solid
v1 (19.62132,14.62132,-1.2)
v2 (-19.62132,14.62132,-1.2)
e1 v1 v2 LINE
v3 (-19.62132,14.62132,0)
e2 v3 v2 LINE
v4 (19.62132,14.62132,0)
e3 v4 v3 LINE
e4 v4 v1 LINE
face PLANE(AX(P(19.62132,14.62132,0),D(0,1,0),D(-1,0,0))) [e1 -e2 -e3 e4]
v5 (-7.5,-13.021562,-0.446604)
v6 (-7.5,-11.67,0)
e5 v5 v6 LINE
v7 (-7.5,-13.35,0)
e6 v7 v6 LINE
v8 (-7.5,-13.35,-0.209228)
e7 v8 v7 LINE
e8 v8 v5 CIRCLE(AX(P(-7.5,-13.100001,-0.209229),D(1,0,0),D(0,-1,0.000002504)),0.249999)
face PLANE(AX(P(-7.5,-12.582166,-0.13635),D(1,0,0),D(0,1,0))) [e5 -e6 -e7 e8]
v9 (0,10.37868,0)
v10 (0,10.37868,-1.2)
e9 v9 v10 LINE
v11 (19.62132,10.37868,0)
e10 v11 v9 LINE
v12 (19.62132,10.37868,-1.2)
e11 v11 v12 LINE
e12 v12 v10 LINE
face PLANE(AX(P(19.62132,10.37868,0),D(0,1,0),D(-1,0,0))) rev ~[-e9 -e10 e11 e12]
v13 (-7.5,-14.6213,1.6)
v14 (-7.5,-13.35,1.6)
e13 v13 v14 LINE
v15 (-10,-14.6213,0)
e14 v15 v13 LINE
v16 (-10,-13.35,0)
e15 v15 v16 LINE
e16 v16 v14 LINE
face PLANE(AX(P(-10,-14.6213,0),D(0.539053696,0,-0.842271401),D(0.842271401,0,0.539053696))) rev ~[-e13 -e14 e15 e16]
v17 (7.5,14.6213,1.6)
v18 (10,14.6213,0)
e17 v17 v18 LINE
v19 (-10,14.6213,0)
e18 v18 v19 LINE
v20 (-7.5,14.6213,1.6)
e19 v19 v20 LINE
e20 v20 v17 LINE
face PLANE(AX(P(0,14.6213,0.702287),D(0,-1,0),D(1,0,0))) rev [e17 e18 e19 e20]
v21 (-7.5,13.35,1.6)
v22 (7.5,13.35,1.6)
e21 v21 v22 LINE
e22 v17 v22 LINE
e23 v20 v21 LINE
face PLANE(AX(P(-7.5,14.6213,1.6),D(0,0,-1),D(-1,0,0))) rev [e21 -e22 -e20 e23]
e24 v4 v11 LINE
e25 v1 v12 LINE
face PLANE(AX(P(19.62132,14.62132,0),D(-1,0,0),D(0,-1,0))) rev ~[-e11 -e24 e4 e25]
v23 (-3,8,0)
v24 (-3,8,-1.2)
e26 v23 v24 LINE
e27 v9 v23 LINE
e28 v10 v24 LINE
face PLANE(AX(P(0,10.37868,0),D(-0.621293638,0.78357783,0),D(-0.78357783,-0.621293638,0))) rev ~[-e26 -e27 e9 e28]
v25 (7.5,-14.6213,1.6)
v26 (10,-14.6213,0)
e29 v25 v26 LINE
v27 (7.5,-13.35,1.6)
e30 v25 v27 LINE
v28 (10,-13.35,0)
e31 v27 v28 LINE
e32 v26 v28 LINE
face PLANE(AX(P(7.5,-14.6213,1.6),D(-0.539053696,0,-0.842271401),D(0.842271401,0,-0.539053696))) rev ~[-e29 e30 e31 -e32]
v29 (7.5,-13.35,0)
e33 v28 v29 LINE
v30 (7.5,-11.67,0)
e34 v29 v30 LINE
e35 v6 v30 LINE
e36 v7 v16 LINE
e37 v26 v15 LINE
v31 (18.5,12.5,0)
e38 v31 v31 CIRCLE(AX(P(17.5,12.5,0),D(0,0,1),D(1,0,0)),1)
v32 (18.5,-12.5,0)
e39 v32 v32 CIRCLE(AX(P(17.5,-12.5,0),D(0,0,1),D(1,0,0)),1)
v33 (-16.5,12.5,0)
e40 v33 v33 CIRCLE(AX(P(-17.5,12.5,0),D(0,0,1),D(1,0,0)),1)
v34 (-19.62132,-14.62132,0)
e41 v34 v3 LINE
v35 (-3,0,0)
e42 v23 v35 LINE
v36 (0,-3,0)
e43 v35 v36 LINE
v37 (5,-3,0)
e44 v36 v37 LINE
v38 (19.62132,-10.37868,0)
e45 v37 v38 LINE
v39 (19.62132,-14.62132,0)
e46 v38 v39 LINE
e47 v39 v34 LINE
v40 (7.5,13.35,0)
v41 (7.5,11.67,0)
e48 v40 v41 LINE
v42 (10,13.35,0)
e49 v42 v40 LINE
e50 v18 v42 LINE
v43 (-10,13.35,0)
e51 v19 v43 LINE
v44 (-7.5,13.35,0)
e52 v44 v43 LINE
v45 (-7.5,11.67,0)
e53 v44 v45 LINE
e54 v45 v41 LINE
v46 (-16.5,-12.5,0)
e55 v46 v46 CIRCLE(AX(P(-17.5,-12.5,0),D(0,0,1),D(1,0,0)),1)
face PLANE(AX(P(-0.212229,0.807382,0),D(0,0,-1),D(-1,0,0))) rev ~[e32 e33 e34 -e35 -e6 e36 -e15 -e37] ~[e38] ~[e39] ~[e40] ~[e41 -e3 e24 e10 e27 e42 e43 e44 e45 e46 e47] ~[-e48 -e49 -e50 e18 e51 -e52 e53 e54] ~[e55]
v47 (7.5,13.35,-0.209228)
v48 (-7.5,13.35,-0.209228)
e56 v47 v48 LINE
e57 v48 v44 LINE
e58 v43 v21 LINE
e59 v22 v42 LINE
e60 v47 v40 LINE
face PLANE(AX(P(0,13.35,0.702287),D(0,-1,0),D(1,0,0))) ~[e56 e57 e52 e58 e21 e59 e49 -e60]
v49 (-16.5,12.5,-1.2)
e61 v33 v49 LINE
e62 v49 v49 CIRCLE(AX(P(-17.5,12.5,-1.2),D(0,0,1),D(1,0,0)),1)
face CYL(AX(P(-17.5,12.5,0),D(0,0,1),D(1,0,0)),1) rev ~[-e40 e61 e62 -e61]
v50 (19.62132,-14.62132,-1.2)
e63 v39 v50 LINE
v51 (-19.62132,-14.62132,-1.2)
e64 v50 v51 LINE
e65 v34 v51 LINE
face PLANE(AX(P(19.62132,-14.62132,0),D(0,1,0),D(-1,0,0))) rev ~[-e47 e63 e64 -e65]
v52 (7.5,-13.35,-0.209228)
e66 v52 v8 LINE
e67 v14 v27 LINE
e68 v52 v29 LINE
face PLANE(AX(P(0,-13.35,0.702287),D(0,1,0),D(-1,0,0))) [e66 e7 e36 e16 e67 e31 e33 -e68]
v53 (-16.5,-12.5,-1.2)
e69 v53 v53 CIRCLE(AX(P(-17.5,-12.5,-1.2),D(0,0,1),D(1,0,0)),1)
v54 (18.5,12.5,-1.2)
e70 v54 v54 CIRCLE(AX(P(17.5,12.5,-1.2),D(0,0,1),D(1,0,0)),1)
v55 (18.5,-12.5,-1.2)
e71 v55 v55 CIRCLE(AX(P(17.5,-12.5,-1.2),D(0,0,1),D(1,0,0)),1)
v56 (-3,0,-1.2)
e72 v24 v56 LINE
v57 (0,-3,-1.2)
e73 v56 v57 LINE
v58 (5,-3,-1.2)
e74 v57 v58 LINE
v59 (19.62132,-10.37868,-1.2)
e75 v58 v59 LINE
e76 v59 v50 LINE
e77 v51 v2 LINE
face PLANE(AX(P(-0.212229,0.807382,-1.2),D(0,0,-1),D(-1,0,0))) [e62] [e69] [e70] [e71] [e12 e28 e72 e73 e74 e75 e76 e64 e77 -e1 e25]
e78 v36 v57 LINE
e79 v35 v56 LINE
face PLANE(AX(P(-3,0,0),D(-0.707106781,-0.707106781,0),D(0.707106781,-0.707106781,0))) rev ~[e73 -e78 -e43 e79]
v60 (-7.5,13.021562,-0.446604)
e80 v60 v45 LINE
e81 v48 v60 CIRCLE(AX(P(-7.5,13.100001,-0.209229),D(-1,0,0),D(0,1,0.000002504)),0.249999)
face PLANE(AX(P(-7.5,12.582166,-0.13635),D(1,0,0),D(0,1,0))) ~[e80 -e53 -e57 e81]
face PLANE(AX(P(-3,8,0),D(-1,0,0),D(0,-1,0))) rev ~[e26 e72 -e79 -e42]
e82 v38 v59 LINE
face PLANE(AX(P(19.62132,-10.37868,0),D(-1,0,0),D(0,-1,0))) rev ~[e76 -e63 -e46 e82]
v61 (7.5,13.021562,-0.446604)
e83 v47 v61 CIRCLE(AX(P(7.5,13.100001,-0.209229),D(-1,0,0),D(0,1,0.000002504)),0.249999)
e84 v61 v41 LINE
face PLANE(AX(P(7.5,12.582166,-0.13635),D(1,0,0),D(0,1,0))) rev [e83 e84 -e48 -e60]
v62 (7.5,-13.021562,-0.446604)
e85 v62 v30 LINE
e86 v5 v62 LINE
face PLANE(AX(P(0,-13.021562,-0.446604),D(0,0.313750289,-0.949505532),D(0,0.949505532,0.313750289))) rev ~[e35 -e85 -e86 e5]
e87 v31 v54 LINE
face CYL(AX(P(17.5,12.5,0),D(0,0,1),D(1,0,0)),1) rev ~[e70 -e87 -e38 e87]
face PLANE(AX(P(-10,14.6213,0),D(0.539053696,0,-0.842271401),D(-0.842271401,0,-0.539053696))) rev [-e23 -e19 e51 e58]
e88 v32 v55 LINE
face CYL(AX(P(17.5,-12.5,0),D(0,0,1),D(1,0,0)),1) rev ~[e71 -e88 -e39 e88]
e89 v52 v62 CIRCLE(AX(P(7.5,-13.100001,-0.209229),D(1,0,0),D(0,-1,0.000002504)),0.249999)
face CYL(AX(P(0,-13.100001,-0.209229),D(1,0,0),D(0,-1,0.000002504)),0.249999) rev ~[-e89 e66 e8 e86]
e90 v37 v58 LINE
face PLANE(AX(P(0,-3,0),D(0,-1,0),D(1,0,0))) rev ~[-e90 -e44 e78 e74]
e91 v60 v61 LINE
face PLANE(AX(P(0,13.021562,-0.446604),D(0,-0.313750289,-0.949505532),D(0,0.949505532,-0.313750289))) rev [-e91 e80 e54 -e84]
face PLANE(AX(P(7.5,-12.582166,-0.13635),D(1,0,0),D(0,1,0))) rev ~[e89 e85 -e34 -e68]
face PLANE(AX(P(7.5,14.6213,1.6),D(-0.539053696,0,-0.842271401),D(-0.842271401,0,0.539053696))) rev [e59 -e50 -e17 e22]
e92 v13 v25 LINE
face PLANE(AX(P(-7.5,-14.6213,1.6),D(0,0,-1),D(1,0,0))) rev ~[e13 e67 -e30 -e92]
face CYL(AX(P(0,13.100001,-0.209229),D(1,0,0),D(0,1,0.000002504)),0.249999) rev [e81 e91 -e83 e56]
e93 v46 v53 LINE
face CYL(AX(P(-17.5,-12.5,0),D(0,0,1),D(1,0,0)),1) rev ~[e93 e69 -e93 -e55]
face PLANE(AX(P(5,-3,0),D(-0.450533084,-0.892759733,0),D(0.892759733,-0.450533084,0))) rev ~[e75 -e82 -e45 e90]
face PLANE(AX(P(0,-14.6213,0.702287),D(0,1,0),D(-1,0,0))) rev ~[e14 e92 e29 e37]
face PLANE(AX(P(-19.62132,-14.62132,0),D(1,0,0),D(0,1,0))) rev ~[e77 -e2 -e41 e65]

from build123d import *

# Parameters (mm, degrees)
SKETCH003_R     = 1
PAD_DEPTH       = 1.2
PAD014_DEPTH    = 1.2713
POCKET004_DEPTH = 7.5


with BuildPart() as part:
    # Sketch003 → Pad (new body)
    with BuildSketch(Plane.XY):
        Polygon((-19.62132, 14.62132), (-15.37868, 14.62132), (19.62132, 14.62132), (19.62132, 10.37868), (0, 10.37868), (-3, 8), (-3, 0), (0, -3), (5, -3), (19.62132, -10.37868), (19.62132, -14.62132), (-19.62132, -14.62132), align=None)
        with Locations((-17.5, 12.5)):
            Circle(SKETCH003_R, mode=Mode.SUBTRACT)
        with Locations((-17.5, -12.5)):
            Circle(SKETCH003_R, mode=Mode.SUBTRACT)
        with Locations((17.5, -12.5)):
            Circle(SKETCH003_R, mode=Mode.SUBTRACT)
        with Locations((17.5, 12.5)):
            Circle(SKETCH003_R, mode=Mode.SUBTRACT)
    extrude(amount=-PAD_DEPTH)

    # Sketch019 (on DatumPlane) → Pad014 (join)
    with BuildSketch(Plane.XZ.offset(14.6213)):
        Polygon((-10, 0), (-7.5, 1.6), (7.5, 1.6), (10, 0), align=None)
    pad014 = extrude(amount=-PAD014_DEPTH)

    # Sketch → Pocket004 (cut, symmetric)
    with BuildSketch(Plane.YZ):
        with BuildLine():
            ThreePointArc((-13.35, -0.209228), (-13.246442, -0.411848), (-13.021562, -0.446604))
            Line((-13.021562, -0.446604), (-11.67, 0))
            Line((-13.35, 0), (-11.67, 0))
            Line((-13.35, -0.209228), (-13.35, 0))
        make_face()
    pocket004 = extrude(amount=POCKET004_DEPTH, both=True, mode=Mode.SUBTRACT)

    # Mirrored: Pad014, Pocket004 across XZ
    add(pad014.mirror(Plane.XZ))
    add(pocket004.mirror(Plane.XZ), mode=Mode.SUBTRACT)


solid = part.part
